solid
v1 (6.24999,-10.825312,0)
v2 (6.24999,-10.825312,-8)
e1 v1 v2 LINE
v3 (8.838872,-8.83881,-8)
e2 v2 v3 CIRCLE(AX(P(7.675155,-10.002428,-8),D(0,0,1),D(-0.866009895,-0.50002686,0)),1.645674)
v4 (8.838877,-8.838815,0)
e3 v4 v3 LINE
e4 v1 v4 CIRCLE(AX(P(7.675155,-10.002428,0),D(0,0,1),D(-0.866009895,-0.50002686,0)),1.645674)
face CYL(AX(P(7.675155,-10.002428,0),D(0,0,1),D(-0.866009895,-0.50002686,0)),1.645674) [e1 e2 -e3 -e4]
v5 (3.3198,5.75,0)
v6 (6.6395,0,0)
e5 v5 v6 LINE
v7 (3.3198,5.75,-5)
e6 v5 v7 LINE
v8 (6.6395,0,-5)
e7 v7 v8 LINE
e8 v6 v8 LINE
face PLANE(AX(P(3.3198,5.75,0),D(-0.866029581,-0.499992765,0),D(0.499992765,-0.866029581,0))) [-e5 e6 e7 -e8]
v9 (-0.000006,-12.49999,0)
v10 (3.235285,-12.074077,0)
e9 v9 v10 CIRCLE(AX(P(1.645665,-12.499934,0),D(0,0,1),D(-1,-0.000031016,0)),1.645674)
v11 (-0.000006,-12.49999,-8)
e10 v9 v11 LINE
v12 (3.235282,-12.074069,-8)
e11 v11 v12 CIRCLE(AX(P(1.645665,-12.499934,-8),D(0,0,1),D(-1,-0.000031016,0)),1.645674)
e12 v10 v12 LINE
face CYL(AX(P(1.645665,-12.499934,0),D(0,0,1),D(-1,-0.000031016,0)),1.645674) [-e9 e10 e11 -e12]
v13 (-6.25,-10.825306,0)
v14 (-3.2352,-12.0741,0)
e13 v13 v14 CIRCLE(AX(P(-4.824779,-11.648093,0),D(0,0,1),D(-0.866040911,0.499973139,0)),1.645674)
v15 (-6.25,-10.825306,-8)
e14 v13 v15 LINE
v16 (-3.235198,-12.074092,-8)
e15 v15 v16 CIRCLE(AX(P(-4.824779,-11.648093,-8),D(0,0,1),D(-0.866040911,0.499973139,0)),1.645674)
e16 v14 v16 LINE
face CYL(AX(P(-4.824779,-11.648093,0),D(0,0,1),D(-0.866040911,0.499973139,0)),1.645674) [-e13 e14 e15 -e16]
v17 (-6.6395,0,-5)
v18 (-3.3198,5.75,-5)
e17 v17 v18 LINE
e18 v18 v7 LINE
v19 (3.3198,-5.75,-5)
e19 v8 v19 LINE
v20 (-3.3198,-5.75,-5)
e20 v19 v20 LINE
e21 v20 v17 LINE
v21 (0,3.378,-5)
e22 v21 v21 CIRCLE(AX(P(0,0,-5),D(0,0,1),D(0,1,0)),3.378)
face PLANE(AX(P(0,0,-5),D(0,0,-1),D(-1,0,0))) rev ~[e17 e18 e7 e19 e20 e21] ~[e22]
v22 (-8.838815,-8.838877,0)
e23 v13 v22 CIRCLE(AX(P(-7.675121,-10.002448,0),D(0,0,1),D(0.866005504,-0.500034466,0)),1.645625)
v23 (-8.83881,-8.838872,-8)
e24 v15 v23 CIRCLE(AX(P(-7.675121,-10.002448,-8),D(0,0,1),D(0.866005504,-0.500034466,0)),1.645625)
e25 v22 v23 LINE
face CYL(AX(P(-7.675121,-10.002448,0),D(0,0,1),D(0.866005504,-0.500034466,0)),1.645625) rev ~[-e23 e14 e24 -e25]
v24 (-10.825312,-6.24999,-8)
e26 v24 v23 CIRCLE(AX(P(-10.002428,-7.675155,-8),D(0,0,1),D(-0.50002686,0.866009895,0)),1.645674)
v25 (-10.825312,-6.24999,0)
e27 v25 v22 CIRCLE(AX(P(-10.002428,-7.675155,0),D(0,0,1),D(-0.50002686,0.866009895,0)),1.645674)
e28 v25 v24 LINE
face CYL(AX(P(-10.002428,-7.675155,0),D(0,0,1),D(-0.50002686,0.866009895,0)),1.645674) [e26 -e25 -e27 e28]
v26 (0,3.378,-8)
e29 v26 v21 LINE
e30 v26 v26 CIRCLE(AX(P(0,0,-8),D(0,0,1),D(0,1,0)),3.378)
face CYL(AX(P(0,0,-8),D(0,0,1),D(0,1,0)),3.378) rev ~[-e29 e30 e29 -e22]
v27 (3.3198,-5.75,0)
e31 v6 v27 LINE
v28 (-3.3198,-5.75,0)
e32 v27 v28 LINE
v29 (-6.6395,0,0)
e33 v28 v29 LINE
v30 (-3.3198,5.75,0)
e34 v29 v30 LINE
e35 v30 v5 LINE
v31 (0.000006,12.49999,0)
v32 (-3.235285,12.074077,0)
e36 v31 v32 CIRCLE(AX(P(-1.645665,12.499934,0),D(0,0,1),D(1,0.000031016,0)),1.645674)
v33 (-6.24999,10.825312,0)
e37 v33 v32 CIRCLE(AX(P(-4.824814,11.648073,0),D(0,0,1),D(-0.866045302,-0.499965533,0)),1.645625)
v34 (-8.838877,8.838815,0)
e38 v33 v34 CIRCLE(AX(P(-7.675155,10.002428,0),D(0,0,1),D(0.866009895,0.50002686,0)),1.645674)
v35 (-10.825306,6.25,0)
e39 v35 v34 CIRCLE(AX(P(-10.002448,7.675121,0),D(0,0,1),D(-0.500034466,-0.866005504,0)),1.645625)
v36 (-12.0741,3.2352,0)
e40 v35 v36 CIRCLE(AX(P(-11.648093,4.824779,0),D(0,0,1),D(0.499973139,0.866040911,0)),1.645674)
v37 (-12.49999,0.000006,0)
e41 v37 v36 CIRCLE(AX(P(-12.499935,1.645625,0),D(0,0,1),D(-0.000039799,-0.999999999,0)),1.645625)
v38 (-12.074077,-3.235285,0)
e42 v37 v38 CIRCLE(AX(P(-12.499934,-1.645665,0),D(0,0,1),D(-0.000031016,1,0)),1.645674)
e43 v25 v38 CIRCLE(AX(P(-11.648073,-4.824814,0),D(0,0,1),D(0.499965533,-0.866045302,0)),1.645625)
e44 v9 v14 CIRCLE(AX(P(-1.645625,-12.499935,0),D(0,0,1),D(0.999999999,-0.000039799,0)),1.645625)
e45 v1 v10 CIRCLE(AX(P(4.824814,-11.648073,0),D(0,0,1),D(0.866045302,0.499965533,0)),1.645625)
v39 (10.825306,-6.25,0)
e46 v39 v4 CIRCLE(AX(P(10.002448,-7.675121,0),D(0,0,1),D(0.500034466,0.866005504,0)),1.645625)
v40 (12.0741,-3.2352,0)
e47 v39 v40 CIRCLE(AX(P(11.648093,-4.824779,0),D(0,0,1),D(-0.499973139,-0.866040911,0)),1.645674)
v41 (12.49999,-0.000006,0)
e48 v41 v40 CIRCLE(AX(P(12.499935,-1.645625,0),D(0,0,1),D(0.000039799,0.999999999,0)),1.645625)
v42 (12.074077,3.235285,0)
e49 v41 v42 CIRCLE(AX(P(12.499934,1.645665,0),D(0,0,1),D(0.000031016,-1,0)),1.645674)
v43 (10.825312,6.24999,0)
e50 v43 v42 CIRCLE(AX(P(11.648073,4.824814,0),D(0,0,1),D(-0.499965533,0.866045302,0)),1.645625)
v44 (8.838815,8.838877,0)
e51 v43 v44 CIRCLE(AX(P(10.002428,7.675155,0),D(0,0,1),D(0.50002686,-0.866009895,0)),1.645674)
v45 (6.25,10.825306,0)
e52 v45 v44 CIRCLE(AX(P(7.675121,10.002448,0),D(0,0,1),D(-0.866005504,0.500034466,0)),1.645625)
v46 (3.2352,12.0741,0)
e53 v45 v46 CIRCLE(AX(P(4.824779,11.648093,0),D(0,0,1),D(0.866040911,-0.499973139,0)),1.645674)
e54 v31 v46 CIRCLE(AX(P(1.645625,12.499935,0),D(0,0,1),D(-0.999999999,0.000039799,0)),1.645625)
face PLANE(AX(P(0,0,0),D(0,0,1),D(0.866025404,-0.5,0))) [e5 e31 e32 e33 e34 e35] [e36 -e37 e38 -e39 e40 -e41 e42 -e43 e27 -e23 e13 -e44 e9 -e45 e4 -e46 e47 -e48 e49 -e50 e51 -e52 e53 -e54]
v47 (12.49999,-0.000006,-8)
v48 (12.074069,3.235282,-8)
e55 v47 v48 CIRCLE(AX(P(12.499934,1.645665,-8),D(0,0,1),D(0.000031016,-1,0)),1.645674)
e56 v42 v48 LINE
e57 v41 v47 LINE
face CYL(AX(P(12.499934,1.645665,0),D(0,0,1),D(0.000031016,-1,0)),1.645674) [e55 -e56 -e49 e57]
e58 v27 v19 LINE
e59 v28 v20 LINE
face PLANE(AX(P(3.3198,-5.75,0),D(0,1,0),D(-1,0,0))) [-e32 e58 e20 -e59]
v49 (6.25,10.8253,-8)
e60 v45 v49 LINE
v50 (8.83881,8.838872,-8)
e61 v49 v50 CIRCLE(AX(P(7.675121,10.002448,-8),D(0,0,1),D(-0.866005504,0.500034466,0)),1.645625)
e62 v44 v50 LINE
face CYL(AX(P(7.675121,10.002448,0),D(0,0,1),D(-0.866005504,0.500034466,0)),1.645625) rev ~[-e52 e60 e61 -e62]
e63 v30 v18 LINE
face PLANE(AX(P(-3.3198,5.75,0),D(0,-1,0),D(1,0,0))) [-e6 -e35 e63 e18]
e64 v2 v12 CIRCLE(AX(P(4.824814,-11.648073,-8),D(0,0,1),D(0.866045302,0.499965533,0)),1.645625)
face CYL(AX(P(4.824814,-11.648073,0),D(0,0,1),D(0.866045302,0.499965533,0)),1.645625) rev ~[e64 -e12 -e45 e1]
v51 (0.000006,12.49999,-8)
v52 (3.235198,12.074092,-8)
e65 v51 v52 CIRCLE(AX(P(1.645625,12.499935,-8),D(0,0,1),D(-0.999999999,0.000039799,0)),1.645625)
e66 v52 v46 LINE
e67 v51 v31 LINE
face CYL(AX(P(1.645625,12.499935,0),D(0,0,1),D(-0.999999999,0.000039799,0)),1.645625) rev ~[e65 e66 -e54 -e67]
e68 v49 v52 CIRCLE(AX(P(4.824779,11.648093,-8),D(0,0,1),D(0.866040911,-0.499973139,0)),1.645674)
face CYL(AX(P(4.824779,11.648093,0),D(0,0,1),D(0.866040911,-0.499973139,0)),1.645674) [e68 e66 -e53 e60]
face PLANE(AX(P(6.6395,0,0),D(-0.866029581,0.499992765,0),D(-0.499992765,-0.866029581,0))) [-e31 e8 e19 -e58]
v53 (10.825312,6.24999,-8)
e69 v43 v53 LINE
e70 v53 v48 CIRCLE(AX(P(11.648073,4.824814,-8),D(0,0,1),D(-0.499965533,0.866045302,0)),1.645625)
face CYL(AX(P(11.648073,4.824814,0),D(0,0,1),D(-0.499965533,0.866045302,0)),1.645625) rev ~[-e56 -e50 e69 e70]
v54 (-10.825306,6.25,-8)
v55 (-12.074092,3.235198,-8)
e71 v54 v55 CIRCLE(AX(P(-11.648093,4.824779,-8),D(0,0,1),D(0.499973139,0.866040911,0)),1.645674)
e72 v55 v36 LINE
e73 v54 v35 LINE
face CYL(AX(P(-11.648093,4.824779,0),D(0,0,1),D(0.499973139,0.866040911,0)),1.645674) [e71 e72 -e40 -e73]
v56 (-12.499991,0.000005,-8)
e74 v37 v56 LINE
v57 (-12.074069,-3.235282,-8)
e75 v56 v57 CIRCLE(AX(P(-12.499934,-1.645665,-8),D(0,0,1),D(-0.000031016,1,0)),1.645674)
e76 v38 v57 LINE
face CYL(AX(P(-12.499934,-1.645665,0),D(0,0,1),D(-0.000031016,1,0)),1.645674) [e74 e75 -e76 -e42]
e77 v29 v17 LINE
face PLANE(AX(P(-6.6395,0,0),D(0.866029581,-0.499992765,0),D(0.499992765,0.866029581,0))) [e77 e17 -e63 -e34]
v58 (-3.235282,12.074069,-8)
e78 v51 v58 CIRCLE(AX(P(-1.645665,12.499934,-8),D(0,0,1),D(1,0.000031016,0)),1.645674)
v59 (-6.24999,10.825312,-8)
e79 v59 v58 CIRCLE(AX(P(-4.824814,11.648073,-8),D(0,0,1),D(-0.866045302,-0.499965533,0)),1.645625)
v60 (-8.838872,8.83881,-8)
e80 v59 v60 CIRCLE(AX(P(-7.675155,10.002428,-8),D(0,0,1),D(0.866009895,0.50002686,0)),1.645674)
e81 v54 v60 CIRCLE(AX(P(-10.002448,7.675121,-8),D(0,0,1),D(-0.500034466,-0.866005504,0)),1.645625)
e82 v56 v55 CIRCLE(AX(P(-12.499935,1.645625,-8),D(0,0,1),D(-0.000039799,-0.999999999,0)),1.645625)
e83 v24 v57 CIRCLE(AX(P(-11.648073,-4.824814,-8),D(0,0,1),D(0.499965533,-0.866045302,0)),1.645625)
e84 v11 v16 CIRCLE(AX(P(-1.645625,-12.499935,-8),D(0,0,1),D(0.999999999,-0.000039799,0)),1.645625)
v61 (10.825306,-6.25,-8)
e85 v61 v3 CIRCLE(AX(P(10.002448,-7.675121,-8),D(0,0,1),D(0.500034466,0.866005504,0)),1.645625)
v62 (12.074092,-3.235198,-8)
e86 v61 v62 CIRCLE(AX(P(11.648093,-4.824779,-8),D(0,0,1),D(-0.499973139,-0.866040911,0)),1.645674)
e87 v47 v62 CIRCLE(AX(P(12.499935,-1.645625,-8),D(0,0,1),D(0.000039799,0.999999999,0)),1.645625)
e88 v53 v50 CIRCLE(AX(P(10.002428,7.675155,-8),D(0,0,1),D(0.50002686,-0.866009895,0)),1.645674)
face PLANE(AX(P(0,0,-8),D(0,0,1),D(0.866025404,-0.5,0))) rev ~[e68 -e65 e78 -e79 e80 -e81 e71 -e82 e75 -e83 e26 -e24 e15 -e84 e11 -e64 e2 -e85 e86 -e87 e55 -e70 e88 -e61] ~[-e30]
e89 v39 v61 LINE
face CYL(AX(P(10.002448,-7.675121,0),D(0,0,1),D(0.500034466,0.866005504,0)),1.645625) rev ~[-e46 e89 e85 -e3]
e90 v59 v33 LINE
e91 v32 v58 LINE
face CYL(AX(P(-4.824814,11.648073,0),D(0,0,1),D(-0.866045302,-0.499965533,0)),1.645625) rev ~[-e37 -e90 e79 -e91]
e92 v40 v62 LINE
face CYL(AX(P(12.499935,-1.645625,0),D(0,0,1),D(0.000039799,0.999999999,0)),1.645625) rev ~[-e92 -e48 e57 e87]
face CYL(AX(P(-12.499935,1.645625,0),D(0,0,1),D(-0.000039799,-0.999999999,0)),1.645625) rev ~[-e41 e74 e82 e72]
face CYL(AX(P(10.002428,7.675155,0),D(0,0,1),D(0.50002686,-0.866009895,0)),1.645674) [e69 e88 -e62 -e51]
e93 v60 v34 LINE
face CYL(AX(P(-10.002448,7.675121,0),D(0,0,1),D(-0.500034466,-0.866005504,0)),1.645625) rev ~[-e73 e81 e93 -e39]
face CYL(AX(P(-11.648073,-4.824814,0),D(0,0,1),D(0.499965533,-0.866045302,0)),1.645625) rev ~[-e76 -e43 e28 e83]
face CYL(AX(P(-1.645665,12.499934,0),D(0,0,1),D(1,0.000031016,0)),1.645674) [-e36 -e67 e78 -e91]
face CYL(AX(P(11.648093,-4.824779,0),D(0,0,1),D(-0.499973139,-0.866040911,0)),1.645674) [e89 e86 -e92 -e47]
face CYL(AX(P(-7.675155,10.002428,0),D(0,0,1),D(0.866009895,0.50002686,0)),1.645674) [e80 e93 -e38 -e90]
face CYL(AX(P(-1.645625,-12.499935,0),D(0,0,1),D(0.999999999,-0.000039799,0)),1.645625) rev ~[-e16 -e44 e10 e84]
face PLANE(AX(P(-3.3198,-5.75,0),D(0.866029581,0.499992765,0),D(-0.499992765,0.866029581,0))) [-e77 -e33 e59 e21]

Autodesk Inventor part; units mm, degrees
ref_plane "YZ Plane" through (0, 0, 0) normal (1, 0, 0) x (0, 1, 0)
ref_plane "XZ Plane" through (0, 0, 0) normal (0, 1, 0) x (-1, 0, 0)
ref_plane "XY Plane" through (0, 0, 0) normal (0, 0, 1) x (1, 0, 0)
sketch "Sketch1" plane through (0, 0, 0) normal (0, 0, 1) x (1, 0, 0)
  line L0 (3.3198, 5.75) -> (6.6395, 0)
  line L1 (6.6395, 0) -> (3.3198, -5.75)
  line L2 (3.3198, -5.75) -> (-3.3198, -5.75)
  line L3 (-3.3198, -5.75) -> (-6.6395, 0)
  line L4 (-6.6395, 0) -> (-3.3198, 5.75)
  line L5 (-3.3198, 5.75) -> (3.3198, 5.75)
  circle A0 centre (0, 0) radius 12.5
  dimension "d0" = 11.5
  dimension "d1" = 25
extrude "Extrusion1" add sketch "Sketch1" against normal blind 5
sketch "Sketch2" plane through (0, 0, -5) normal (0, 0, -1) x (-1, 0, 0)
  circle A0 centre (0, 0) radius 12.5 projected
extrude "Extrusion2" add sketch "Sketch2" along normal blind 3
sketch "Sketch3" plane through (0, 0, -8) normal (0, 0, -1) x (-1, 0, 0)
  circle A0 centre (0, 0) radius 12.5 construction
hole "Hole1" at (0, 0, -8) direction (0, 0, 1) diameter 6.756 end through all clearance for "Flat Head Machine Screw (82)" size "1/4" standard "Ansi Unified Screw Threads"
sketch "Sketch4" plane through (0, 0, 0) normal (0, 0, 1) x (1, 0, 0)
  circle A0 centre (0, 0) radius 12.5 projected
  arc A1 (0, 12.5) -> (3.2352, 12.0741) centre (1.6457, 12.5) ccw
  arc A2 (6.25, 10.8253) -> (3.2352, 12.0741) centre (4.8248, 11.6481) ccw
  line L0 (0, 12.5) -> (0, 0) construction
  line L1 (-6.25, 10.8253) -> (0, 0) construction
  line L2 (-10.8253, 6.25) -> (0, 0) construction
  line L3 (-12.5, 0) -> (0, 0) construction
  line L4 (-10.8253, -6.25) -> (0, 0) construction
  line L5 (-6.25, -10.8253) -> (0, 0) construction
  line L6 (0, -12.5) -> (0, 0) construction
  line L7 (6.25, -10.8253) -> (0, 0) construction
  line L8 (10.8253, -6.25) -> (0, 0) construction
  line L9 (12.5, 0) -> (0, 0) construction
  line L10 (10.8253, 6.25) -> (0, 0) construction
  line L11 (6.25, 10.8253) -> (0, 0) construction
  dimension "d15" = 360
extrude "Extrusion3" cut sketch "Sketch4" against normal through all contours A0 A1 picked at (1.5636, 11.877)
extrude "Extrusion4" add sketch "Sketch4" against normal up to surface (8 mm away) contours A0 A2
pattern_circular "Circular Pattern1" count 12 over 360 about axis through (0, 0, -10) along (0, 0, 1) of "Extrusion3", "Extrusion4"
properties part number "knurled nut"
